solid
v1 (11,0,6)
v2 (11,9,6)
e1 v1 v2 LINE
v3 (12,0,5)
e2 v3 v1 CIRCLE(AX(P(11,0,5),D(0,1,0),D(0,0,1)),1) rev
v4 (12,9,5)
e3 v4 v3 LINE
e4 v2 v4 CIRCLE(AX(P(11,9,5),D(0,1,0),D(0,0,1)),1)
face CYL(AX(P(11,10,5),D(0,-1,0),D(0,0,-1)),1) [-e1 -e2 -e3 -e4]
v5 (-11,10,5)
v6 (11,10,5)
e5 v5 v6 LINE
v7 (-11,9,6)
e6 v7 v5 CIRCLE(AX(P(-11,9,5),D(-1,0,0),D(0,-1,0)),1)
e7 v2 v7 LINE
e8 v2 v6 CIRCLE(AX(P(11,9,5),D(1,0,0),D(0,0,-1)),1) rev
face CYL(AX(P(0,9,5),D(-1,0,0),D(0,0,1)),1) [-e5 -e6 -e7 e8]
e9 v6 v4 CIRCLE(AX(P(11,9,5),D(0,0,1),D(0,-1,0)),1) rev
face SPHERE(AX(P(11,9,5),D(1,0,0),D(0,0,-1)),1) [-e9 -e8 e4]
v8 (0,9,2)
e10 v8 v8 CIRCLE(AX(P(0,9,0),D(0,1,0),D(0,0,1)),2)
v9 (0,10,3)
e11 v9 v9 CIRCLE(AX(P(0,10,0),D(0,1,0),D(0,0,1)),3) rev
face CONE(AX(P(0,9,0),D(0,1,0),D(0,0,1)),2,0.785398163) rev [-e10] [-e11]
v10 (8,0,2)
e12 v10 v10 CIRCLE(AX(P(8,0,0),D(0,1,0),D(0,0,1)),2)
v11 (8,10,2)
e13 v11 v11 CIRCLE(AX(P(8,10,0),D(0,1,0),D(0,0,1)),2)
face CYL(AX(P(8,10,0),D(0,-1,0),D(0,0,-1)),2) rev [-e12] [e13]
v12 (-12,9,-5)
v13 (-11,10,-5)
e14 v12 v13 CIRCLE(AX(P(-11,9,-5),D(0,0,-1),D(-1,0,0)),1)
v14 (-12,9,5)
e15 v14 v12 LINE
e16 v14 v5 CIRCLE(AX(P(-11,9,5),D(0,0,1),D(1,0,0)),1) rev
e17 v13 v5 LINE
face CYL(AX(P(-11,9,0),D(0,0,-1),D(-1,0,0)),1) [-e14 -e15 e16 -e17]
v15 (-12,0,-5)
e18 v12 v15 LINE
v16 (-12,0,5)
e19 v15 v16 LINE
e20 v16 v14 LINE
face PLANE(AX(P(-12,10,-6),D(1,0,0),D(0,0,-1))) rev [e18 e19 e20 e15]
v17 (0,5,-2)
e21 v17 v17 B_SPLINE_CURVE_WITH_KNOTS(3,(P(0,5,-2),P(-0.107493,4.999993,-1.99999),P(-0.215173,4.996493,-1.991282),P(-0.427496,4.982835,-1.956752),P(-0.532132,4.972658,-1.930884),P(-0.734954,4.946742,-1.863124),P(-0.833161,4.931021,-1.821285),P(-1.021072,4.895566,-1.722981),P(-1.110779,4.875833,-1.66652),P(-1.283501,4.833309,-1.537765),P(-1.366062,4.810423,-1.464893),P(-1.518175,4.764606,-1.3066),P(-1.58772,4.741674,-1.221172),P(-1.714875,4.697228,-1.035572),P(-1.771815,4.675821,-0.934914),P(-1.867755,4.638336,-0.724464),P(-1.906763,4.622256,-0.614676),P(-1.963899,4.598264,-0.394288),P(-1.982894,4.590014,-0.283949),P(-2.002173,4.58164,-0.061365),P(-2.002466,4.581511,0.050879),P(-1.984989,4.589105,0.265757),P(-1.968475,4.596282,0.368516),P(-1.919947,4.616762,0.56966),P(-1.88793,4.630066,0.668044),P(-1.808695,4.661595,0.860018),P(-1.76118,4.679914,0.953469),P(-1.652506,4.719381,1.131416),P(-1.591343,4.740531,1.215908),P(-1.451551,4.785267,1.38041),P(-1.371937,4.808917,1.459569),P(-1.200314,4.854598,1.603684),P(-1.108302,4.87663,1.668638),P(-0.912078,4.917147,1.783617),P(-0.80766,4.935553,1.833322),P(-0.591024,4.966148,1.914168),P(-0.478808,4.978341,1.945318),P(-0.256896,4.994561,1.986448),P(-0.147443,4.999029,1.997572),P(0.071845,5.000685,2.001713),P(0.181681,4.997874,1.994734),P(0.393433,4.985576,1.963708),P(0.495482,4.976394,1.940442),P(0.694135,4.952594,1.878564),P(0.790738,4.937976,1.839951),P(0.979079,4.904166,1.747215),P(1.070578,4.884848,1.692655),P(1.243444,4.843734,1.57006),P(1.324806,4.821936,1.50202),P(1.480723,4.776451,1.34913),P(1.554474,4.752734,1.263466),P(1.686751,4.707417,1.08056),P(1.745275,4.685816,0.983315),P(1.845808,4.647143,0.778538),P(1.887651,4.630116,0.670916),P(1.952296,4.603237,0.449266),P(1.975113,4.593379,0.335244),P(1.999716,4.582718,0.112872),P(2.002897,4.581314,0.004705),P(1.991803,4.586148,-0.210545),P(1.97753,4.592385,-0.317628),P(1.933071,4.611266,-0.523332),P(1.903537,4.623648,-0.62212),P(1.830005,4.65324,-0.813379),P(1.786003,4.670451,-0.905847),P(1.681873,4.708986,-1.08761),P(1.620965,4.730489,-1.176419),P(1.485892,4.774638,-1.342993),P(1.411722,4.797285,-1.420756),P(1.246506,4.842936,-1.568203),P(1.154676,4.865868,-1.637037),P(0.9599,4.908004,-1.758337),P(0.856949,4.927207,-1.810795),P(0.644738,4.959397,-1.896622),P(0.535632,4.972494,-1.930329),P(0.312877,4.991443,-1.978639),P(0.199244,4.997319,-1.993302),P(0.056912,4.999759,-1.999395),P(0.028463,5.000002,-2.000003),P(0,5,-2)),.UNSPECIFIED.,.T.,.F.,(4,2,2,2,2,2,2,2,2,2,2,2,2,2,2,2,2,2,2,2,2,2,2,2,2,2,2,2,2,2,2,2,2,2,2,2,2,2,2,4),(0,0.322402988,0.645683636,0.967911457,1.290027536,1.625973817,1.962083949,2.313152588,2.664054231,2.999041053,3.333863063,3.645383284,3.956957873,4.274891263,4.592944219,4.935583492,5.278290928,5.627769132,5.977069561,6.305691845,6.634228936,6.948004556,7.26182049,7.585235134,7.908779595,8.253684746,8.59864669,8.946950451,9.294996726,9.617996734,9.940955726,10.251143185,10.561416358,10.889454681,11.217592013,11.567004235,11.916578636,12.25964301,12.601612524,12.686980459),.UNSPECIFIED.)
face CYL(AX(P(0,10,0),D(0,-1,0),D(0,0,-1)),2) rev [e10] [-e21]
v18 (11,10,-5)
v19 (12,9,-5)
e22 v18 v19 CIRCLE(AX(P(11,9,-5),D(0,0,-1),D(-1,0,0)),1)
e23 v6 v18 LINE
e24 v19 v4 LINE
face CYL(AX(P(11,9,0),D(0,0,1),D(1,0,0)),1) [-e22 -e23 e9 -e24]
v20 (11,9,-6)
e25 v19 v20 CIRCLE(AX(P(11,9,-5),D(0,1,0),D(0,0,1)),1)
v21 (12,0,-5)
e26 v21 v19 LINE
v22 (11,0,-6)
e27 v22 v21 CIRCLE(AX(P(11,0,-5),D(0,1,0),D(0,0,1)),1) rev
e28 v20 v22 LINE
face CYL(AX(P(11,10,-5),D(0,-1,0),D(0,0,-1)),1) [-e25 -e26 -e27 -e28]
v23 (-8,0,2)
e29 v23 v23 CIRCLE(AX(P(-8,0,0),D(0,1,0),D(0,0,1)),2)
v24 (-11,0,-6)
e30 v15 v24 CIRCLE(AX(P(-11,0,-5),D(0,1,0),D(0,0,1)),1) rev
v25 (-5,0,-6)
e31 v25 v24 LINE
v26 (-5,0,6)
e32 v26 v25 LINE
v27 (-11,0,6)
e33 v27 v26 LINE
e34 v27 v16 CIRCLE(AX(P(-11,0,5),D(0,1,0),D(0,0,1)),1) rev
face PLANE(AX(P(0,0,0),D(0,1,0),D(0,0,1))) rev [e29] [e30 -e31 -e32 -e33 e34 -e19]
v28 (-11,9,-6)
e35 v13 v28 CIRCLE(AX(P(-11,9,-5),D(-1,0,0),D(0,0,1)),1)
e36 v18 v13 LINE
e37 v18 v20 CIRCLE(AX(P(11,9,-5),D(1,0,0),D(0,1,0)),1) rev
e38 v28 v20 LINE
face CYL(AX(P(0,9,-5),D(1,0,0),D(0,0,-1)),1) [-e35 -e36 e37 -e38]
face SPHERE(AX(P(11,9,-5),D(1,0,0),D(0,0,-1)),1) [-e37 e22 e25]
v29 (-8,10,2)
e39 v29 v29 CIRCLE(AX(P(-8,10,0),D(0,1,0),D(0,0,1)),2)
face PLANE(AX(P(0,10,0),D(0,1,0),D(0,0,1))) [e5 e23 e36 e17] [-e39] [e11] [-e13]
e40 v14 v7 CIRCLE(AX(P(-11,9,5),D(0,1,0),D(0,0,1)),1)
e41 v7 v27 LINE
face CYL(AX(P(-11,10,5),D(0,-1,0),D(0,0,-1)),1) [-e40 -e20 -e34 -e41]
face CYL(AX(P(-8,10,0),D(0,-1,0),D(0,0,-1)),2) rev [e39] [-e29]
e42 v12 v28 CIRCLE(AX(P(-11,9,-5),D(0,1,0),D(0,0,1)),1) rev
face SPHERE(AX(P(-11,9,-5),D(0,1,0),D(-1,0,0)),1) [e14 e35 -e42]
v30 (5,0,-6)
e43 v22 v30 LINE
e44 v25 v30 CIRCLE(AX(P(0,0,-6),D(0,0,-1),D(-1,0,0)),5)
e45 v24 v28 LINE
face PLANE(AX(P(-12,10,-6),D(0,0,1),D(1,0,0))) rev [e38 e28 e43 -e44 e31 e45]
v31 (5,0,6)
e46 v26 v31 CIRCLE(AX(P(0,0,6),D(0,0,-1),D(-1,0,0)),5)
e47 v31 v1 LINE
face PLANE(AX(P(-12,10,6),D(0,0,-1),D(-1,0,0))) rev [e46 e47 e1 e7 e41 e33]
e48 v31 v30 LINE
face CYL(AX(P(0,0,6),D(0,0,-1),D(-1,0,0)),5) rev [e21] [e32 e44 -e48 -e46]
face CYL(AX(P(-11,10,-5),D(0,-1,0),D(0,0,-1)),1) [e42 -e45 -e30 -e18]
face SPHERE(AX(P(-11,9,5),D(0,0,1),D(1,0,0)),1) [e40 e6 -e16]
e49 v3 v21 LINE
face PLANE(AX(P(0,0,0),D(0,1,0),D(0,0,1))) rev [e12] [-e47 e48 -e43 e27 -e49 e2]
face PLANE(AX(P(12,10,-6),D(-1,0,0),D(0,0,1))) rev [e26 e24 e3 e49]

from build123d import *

# Parameters (mm, degrees)
SKETCH1_W           = 24
SKETCH1_H           = 12
SKETCH1_R           = 2
BOSS_EXTRUDE1_DEPTH = 10
CHAMFER1_SIZE       = 1
FILLET1_R           = 1
CUT_EXTRUDE1_DEPTH  = 13


with BuildPart() as part:
    # Sketch1 → Boss-Extrude1 (new body)
    with BuildSketch(Plane(origin=(0, 0, 0), x_dir=(1, 0, 0), z_dir=(0, 1, 0))):
        Rectangle(SKETCH1_W, SKETCH1_H)
        with Locations((8, 0)):
            Circle(SKETCH1_R, mode=Mode.SUBTRACT)
        with Locations((-8, 0)):
            Circle(SKETCH1_R, mode=Mode.SUBTRACT)
        Circle(SKETCH1_R, mode=Mode.SUBTRACT)
    extrude(amount=BOSS_EXTRUDE1_DEPTH)

    # Chamfer1
    chamfer1_edges = [part.edges().sort_by_distance(p)[0] for p in [
        (-2, 10, 0),
    ]]
    chamfer(chamfer1_edges, length=CHAMFER1_SIZE)

    # Fillet1
    fillet1_edges = [part.edges().sort_by_distance(p)[0] for p in [
        (-12, 10, 0),
        (0, 10, 6),
        (12, 10, 0),
        (12, 5, 6),
        (-12, 5, 6),
        (-12, 5, -6),
        (12, 5, -6),
        (0, 10, -6),
    ]]
    fillet(fillet1_edges, radius=FILLET1_R)

    # Sketch2 → Cut-Extrude1 (cut, through all)
    with BuildSketch(Plane(origin=(0, 0, -6), x_dir=(-1, 0, 0), z_dir=(0, 0, -1))):
        with BuildLine():
            Line((-5, 0), (5, 0))
            ThreePointArc((5, 0), (0, 5), (-5, 0))
        make_face()
    extrude(amount=-CUT_EXTRUDE1_DEPTH, mode=Mode.SUBTRACT)


solid = part.part
